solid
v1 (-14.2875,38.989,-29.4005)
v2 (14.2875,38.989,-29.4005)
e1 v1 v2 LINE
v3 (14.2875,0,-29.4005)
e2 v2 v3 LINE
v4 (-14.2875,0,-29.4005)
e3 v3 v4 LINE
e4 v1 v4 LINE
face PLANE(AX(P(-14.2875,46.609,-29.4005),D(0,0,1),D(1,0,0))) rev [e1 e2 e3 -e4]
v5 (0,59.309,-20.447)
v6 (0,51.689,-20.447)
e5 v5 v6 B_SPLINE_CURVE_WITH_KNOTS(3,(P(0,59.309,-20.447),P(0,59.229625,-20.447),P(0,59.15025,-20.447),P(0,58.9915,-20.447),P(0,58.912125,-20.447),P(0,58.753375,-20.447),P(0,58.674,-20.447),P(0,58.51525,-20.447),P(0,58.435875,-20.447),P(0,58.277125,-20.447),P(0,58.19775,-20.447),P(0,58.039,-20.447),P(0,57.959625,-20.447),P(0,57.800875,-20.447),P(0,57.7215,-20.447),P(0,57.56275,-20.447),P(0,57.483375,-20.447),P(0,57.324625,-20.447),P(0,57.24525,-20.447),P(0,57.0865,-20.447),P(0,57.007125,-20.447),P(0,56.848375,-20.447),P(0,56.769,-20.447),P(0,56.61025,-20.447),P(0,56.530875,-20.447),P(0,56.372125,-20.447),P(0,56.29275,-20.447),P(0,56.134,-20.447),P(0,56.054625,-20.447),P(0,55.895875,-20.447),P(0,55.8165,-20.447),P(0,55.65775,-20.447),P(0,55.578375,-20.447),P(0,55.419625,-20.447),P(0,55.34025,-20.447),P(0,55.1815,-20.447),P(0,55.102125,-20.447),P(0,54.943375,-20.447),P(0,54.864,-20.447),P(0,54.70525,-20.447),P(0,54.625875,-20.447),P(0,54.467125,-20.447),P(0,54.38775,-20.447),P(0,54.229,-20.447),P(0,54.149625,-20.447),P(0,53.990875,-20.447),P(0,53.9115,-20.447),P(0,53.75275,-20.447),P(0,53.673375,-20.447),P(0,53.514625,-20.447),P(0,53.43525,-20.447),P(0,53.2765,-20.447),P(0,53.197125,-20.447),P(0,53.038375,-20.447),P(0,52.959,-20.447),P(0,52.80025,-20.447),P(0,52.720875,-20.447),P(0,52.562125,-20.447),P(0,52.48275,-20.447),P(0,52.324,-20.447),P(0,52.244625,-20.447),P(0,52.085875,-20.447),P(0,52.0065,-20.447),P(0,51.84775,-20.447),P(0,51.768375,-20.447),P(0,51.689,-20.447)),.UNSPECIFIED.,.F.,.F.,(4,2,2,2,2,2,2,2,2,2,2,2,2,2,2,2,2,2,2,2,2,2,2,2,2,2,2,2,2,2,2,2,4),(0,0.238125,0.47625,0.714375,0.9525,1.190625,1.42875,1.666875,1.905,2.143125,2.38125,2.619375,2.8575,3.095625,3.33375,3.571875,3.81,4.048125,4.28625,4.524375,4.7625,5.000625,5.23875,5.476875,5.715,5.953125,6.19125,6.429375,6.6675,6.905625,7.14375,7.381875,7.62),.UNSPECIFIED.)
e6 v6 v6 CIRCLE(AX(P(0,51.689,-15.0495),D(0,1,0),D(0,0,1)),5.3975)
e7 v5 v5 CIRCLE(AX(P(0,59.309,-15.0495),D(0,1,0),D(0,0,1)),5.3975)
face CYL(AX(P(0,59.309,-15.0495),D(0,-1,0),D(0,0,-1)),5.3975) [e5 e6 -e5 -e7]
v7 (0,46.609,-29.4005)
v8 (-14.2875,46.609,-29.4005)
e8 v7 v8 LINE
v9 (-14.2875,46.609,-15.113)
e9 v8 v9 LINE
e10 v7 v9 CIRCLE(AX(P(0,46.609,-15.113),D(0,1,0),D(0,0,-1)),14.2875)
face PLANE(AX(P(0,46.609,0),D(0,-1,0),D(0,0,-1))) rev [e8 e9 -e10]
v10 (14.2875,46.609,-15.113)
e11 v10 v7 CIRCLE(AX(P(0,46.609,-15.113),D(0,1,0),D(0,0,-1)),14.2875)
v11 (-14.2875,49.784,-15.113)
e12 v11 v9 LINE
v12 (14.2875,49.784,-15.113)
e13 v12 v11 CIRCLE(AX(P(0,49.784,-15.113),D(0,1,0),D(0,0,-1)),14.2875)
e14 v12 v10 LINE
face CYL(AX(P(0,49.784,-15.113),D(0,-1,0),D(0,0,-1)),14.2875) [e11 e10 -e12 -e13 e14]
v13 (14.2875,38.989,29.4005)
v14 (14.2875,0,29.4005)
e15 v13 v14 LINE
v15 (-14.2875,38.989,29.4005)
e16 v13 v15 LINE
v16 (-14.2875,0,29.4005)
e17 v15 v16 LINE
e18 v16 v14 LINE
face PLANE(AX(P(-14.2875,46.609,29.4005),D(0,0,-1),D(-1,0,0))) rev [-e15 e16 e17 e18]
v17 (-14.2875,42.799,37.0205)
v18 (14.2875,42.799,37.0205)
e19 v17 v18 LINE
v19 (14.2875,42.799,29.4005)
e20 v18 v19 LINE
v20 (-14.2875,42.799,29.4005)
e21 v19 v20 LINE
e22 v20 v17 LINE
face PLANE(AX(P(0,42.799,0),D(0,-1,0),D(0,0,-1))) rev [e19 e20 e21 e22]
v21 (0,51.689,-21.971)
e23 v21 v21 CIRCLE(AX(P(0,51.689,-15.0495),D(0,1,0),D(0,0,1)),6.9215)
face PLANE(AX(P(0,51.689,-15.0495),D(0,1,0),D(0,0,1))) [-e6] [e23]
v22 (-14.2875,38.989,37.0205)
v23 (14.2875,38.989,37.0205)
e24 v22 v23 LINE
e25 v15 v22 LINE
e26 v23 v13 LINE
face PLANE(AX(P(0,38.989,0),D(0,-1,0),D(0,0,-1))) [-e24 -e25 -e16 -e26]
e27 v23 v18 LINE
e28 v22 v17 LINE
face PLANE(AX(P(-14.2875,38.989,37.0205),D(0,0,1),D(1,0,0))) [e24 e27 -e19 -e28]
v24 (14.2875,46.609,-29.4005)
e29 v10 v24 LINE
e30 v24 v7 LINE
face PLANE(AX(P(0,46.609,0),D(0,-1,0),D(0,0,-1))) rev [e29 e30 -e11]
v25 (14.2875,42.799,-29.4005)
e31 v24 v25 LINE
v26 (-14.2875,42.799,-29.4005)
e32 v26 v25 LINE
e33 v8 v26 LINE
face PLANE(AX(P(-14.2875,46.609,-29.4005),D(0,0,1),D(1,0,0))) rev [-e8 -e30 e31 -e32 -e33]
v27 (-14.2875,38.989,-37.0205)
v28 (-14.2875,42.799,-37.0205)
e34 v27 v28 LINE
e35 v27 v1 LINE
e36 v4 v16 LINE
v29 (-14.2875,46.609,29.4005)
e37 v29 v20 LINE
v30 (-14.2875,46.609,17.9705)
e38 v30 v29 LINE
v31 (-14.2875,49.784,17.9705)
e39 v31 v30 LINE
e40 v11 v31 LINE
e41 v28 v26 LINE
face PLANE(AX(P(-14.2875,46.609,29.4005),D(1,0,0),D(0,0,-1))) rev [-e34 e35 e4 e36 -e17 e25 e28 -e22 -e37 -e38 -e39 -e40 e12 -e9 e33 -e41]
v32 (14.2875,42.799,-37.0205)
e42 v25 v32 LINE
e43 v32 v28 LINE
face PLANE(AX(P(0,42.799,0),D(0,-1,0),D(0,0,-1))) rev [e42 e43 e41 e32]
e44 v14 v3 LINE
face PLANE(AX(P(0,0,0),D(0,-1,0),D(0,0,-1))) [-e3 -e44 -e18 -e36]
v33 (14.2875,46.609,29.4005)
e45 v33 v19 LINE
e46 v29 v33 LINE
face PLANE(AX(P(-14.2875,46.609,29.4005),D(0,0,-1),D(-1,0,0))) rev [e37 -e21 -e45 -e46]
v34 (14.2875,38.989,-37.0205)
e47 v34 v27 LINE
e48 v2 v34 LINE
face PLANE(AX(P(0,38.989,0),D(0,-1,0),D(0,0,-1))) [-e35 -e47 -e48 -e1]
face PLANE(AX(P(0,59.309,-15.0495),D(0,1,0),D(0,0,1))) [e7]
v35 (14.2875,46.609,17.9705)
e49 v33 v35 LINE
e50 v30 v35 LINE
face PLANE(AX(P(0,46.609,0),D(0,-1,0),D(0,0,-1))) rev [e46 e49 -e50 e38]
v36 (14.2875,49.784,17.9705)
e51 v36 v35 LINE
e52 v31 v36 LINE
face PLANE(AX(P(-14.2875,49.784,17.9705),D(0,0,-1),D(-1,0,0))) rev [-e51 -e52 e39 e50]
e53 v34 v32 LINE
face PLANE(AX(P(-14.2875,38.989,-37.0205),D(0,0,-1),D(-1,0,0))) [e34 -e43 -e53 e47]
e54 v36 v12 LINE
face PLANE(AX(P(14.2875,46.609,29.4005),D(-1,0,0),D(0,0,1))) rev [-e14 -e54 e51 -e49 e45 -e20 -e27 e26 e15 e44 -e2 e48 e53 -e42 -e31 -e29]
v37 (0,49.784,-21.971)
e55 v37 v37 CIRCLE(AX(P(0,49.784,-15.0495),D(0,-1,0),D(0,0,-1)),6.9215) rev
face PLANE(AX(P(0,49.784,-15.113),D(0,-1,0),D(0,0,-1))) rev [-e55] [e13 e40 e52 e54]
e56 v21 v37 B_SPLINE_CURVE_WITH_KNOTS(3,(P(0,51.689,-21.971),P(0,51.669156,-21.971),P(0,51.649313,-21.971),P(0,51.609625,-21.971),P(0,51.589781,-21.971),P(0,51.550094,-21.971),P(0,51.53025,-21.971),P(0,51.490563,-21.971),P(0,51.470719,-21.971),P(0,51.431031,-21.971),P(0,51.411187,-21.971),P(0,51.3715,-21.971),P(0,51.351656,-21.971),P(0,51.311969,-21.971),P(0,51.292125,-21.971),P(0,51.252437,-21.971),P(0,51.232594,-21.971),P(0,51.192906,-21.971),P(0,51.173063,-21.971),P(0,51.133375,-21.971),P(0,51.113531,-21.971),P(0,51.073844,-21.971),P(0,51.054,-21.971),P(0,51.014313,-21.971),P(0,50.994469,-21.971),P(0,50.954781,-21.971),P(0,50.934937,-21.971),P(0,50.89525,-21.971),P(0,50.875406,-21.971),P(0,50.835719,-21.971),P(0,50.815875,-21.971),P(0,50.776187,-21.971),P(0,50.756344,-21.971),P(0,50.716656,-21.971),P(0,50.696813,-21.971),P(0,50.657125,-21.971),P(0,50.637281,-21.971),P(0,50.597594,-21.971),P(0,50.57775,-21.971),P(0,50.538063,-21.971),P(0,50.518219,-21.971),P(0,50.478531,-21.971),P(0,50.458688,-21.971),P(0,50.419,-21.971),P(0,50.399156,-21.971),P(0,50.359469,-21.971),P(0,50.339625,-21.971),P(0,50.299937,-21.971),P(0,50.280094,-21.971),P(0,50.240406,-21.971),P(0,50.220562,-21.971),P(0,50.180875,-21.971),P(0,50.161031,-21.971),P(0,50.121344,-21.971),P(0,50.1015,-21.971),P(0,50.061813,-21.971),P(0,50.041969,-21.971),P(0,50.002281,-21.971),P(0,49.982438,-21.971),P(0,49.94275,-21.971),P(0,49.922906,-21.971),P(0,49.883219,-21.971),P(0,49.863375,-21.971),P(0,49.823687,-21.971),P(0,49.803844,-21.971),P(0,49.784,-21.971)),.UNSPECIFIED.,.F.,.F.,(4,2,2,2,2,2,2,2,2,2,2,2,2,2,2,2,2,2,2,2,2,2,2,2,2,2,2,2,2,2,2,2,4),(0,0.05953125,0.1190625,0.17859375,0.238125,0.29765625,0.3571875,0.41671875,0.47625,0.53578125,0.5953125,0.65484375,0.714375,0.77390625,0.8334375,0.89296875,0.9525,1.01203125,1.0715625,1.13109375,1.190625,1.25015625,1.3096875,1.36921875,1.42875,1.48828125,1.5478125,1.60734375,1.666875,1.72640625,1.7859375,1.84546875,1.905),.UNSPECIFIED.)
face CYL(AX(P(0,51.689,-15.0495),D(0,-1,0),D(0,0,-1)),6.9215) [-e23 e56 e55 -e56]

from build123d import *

# Parameters (mm, degrees)
SKETCH2_W           = 28.575
SKETCH2_H           = 58.801
BOSS_EXTRUDE1_DEPTH = 46.609
BOSS_EXTRUDE2_START = -3.81
SKETCH3_W           = 28.575
SKETCH3_H           = 74.041
BOSS_EXTRUDE2_DEPTH = 3.81
BOSS_EXTRUDE3_DEPTH = 3.175
SKETCH5_R           = 6.9215
BOSS_EXTRUDE4_DEPTH = 1.905
SKETCH6_R           = 5.3975
BOSS_EXTRUDE5_DEPTH = 7.62


with BuildPart() as part:
    # Sketch2 → Boss-Extrude1 (new body)
    with BuildSketch(Plane(origin=(0, 0, 0), x_dir=(1, 0, 0), z_dir=(0, 1, 0))):
        Rectangle(SKETCH2_W, SKETCH2_H)
    extrude(amount=BOSS_EXTRUDE1_DEPTH)

    # Sketch3 → Boss-Extrude2 (add)
    with BuildSketch(Plane(origin=(0, 46.609, 0), x_dir=(1, 0, 0), z_dir=(0, 1, 0)).offset(BOSS_EXTRUDE2_START)):
        Rectangle(SKETCH3_W, SKETCH3_H)
    extrude(amount=-BOSS_EXTRUDE2_DEPTH)

    # Sketch4 → Boss-Extrude3 (add)
    with BuildSketch(Plane(origin=(0, 46.609, 0), x_dir=(1, 0, 0), z_dir=(0, 1, 0))):
        with BuildLine():
            Line((-14.2875, 15.113), (-14.2875, -17.9705))
            Line((-14.2875, -17.9705), (14.2875, -17.9705))
            Line((14.2875, -17.9705), (14.2875, 15.113))
            ThreePointArc((14.2875, 15.113), (0, 29.4005), (-14.2875, 15.113))
        make_face()
    extrude(amount=BOSS_EXTRUDE3_DEPTH)

    # Sketch5 → Boss-Extrude4 (add)
    with BuildSketch(Plane(origin=(0, 49.784, 0), x_dir=(1, 0, 0), z_dir=(0, 1, 0))):
        with Locations(Location((0, 15.0495, 0), (0, 0, 90))):
            Circle(SKETCH5_R)
    extrude(amount=BOSS_EXTRUDE4_DEPTH)

    # Sketch6 → Boss-Extrude5 (add)
    with BuildSketch(Plane(origin=(0, 51.689, 0), x_dir=(1, 0, 0), z_dir=(0, 1, 0))):
        with Locations(Location((0, 15.0495, 0), (0, 0, 90))):
            Circle(SKETCH6_R)
    extrude(amount=BOSS_EXTRUDE5_DEPTH)


solid = part.part
